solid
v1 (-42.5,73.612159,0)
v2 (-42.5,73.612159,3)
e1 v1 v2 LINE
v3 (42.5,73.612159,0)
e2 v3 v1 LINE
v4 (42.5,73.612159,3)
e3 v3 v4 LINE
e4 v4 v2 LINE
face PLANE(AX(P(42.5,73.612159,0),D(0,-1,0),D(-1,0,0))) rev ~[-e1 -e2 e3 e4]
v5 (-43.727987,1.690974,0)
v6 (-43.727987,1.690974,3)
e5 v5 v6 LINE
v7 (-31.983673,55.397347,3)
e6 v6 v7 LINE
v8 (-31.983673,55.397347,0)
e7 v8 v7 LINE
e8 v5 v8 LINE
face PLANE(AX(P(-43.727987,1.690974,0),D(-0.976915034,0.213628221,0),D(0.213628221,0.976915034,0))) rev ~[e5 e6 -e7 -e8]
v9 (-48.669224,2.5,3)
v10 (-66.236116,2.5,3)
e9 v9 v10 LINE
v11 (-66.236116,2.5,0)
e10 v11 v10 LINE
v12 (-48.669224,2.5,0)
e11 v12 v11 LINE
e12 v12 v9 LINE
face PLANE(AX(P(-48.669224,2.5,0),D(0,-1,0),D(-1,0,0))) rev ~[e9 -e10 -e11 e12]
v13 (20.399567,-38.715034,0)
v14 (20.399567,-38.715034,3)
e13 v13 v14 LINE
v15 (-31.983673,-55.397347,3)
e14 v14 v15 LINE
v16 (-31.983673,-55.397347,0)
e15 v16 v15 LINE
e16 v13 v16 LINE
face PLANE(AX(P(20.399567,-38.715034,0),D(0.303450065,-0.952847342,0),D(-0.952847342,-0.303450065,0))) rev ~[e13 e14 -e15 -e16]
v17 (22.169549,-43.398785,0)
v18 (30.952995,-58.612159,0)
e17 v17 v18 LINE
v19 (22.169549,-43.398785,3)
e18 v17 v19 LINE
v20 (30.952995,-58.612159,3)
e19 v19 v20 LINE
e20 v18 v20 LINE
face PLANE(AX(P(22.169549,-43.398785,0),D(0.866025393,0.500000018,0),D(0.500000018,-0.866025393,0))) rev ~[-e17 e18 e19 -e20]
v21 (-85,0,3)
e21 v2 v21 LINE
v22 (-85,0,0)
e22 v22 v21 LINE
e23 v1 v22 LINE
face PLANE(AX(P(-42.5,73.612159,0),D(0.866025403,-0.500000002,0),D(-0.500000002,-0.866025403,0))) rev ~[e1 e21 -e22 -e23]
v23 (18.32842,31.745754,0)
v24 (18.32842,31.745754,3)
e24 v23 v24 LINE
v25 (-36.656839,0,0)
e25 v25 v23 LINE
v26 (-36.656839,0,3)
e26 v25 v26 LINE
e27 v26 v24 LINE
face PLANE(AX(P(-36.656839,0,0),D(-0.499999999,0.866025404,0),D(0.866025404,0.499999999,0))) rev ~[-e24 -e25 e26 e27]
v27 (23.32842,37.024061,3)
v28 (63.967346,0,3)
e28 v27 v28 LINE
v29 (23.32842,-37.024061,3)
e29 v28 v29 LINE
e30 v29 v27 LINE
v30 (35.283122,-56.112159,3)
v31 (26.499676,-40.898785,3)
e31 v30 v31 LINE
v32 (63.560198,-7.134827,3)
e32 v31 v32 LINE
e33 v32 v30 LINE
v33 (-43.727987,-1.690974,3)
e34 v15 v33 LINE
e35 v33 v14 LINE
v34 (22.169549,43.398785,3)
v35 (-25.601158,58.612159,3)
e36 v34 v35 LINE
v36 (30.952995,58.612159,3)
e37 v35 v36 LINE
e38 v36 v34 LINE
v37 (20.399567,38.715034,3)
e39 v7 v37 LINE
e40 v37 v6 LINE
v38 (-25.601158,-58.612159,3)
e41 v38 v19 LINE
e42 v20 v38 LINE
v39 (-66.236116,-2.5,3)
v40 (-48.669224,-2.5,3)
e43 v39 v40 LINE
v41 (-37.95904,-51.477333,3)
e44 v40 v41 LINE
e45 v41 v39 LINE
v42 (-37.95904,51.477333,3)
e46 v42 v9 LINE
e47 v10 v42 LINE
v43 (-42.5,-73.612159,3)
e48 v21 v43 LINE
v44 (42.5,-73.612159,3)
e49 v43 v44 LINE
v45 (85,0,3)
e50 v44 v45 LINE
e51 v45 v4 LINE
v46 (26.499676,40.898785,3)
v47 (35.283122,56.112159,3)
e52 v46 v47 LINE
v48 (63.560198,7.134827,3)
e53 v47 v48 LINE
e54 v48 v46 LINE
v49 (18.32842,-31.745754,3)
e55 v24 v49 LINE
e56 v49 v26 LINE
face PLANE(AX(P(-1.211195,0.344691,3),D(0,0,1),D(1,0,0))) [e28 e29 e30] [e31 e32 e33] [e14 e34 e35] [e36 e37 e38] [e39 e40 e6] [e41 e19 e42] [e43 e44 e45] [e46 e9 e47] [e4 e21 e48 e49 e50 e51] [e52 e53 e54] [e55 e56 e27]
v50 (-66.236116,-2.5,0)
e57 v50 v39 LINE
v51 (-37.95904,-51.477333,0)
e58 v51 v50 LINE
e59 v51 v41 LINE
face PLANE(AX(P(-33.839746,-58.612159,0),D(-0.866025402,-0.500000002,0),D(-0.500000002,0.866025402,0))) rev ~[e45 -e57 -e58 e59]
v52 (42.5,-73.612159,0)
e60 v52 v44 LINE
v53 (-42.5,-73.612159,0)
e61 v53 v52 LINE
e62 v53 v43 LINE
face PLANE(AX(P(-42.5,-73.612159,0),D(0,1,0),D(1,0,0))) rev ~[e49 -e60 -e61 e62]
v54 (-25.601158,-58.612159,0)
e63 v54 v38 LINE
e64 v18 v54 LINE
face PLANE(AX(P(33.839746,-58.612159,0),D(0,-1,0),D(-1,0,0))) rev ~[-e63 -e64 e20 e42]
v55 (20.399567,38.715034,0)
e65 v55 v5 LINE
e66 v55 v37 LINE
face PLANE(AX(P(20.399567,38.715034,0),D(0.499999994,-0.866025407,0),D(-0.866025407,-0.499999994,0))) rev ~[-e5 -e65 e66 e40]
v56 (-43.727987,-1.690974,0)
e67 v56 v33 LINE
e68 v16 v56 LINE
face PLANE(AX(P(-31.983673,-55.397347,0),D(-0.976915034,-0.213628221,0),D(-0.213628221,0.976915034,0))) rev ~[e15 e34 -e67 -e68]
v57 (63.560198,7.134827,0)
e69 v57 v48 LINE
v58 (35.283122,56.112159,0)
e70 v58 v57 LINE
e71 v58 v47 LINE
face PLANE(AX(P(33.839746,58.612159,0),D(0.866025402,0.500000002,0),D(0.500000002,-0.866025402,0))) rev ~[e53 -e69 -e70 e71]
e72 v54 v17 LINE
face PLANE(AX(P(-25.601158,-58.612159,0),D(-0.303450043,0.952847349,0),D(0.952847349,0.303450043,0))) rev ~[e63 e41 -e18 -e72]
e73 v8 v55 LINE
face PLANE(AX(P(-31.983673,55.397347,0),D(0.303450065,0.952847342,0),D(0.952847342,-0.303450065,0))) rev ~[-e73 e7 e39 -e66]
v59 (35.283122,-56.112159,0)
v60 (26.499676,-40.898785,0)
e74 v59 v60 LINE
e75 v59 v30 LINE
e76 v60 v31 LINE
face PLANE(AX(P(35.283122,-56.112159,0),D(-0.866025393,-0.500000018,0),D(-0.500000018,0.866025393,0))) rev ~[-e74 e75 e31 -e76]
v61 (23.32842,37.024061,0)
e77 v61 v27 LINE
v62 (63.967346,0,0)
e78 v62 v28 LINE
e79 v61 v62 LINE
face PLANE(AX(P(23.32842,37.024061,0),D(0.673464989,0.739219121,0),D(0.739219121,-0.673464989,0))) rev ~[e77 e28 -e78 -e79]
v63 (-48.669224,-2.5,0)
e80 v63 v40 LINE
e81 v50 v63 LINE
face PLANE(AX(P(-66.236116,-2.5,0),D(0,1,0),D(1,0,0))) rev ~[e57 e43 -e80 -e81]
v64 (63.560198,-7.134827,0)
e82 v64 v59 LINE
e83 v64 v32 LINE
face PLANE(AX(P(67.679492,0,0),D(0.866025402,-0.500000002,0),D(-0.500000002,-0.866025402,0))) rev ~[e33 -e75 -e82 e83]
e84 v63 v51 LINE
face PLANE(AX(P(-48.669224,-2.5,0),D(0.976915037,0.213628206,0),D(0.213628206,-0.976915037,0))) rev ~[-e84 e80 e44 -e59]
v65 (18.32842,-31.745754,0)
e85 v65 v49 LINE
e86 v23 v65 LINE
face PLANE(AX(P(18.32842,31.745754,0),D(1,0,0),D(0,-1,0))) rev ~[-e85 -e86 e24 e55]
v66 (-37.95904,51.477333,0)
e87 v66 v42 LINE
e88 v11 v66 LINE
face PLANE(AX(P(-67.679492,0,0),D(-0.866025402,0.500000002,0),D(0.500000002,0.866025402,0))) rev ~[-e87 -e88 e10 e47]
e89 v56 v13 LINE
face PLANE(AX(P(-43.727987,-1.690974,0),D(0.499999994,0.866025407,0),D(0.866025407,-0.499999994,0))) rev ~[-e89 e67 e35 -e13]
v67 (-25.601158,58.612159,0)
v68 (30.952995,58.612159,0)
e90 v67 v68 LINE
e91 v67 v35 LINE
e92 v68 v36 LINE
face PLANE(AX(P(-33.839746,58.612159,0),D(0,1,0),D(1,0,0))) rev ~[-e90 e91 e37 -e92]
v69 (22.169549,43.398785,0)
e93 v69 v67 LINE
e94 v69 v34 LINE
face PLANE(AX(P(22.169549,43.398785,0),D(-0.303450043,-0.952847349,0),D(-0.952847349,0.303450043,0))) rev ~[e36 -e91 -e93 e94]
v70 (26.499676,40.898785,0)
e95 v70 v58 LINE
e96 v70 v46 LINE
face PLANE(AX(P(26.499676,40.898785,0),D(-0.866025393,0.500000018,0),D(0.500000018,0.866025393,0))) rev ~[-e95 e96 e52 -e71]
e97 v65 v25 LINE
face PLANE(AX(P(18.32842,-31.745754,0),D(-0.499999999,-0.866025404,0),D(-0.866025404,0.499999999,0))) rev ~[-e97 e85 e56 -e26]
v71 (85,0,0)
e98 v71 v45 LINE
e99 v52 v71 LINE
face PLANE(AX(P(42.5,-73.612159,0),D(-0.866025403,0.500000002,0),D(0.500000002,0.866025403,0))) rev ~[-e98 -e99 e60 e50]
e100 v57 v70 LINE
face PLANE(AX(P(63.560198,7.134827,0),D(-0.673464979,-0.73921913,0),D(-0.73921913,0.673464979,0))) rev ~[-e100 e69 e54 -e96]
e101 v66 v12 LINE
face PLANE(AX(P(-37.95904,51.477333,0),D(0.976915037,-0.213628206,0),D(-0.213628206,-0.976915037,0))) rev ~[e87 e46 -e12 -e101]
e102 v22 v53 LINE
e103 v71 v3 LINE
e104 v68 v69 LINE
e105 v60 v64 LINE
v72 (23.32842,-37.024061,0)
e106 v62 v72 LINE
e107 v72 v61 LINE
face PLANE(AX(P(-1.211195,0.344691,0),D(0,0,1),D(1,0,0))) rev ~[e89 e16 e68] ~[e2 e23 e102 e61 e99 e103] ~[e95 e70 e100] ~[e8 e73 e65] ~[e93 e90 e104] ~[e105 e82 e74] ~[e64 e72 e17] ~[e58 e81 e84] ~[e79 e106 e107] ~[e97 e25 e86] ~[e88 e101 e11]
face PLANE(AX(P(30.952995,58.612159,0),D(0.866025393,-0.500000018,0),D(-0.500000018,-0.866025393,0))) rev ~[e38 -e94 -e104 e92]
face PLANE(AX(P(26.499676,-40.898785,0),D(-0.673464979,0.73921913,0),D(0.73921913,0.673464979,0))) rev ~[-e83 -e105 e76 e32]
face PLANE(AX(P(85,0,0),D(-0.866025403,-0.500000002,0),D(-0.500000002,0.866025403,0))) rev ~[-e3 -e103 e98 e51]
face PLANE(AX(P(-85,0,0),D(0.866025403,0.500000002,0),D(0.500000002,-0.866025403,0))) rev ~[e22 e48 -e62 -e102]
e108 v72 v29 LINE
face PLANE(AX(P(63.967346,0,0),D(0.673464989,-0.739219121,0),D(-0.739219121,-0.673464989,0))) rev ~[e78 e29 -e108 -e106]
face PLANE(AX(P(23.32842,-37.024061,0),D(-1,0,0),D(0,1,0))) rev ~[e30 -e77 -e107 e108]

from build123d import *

# Parameters (mm, degrees)
F1_DEPTH = 3
F3_DEPTH = 3


with BuildPart() as f1:
    # F0 (on Top) → F1 (new body)
    with BuildSketch(Plane.XY):
        Polygon((85, 0), (42.5, 73.612159), (-42.5, 73.612159), (-85, 0), (-42.5, -73.612159), (42.5, -73.612159), align=None)
        Polygon((-33.839746, 58.612159), (33.839746, 58.612159), (67.679492, 0), (33.839746, -58.612159), (-33.839746, -58.612159), (-67.679492, 0), align=None, mode=Mode.SUBTRACT)
    extrude(amount=F1_DEPTH)

    # F2 (on Top) → F3 (join)
    with BuildSketch(Plane.XY):
        Polygon((30.952995, 58.612159), (22.169549, 43.398785), (-25.601158, 58.612159), (-36.98536, 64.074218), (-37.95904, 51.477333), (-48.669224, 2.5), (-66.236116, 2.5), (-72.461009, 1.437369), (-66.236116, -2.5), (-48.669224, -2.5), (-37.95904, -51.477333), (-37.860926, -64.184755), (-25.601158, -58.612159), (22.169549, -43.398785), (30.952995, -58.612159), (34.223072, -60.348373), (35.283122, -56.112159), (26.499676, -40.898785), (63.560198, -7.134827), (71.391637, 0), (63.560198, 7.134827), (26.499676, 40.898785), (35.283122, 56.112159), (37.067572, 58.612159), (32.117438, 61.415982), align=None)
        Polygon((-43.727987, -1.690974), (20.399567, -38.715034), (-31.983673, -55.397347), align=None, mode=Mode.SUBTRACT)
        Polygon((-36.656839, 0), (18.32842, 31.745754), (18.32842, -31.745754), align=None, mode=Mode.SUBTRACT)
        Polygon((20.399567, 38.715034), (-43.727987, 1.690974), (-31.983673, 55.397347), align=None, mode=Mode.SUBTRACT)
        Polygon((23.32842, -37.024061), (23.32842, 37.024061), (63.967346, 0), align=None, mode=Mode.SUBTRACT)
    extrude(amount=F3_DEPTH)


solid = f1.part
